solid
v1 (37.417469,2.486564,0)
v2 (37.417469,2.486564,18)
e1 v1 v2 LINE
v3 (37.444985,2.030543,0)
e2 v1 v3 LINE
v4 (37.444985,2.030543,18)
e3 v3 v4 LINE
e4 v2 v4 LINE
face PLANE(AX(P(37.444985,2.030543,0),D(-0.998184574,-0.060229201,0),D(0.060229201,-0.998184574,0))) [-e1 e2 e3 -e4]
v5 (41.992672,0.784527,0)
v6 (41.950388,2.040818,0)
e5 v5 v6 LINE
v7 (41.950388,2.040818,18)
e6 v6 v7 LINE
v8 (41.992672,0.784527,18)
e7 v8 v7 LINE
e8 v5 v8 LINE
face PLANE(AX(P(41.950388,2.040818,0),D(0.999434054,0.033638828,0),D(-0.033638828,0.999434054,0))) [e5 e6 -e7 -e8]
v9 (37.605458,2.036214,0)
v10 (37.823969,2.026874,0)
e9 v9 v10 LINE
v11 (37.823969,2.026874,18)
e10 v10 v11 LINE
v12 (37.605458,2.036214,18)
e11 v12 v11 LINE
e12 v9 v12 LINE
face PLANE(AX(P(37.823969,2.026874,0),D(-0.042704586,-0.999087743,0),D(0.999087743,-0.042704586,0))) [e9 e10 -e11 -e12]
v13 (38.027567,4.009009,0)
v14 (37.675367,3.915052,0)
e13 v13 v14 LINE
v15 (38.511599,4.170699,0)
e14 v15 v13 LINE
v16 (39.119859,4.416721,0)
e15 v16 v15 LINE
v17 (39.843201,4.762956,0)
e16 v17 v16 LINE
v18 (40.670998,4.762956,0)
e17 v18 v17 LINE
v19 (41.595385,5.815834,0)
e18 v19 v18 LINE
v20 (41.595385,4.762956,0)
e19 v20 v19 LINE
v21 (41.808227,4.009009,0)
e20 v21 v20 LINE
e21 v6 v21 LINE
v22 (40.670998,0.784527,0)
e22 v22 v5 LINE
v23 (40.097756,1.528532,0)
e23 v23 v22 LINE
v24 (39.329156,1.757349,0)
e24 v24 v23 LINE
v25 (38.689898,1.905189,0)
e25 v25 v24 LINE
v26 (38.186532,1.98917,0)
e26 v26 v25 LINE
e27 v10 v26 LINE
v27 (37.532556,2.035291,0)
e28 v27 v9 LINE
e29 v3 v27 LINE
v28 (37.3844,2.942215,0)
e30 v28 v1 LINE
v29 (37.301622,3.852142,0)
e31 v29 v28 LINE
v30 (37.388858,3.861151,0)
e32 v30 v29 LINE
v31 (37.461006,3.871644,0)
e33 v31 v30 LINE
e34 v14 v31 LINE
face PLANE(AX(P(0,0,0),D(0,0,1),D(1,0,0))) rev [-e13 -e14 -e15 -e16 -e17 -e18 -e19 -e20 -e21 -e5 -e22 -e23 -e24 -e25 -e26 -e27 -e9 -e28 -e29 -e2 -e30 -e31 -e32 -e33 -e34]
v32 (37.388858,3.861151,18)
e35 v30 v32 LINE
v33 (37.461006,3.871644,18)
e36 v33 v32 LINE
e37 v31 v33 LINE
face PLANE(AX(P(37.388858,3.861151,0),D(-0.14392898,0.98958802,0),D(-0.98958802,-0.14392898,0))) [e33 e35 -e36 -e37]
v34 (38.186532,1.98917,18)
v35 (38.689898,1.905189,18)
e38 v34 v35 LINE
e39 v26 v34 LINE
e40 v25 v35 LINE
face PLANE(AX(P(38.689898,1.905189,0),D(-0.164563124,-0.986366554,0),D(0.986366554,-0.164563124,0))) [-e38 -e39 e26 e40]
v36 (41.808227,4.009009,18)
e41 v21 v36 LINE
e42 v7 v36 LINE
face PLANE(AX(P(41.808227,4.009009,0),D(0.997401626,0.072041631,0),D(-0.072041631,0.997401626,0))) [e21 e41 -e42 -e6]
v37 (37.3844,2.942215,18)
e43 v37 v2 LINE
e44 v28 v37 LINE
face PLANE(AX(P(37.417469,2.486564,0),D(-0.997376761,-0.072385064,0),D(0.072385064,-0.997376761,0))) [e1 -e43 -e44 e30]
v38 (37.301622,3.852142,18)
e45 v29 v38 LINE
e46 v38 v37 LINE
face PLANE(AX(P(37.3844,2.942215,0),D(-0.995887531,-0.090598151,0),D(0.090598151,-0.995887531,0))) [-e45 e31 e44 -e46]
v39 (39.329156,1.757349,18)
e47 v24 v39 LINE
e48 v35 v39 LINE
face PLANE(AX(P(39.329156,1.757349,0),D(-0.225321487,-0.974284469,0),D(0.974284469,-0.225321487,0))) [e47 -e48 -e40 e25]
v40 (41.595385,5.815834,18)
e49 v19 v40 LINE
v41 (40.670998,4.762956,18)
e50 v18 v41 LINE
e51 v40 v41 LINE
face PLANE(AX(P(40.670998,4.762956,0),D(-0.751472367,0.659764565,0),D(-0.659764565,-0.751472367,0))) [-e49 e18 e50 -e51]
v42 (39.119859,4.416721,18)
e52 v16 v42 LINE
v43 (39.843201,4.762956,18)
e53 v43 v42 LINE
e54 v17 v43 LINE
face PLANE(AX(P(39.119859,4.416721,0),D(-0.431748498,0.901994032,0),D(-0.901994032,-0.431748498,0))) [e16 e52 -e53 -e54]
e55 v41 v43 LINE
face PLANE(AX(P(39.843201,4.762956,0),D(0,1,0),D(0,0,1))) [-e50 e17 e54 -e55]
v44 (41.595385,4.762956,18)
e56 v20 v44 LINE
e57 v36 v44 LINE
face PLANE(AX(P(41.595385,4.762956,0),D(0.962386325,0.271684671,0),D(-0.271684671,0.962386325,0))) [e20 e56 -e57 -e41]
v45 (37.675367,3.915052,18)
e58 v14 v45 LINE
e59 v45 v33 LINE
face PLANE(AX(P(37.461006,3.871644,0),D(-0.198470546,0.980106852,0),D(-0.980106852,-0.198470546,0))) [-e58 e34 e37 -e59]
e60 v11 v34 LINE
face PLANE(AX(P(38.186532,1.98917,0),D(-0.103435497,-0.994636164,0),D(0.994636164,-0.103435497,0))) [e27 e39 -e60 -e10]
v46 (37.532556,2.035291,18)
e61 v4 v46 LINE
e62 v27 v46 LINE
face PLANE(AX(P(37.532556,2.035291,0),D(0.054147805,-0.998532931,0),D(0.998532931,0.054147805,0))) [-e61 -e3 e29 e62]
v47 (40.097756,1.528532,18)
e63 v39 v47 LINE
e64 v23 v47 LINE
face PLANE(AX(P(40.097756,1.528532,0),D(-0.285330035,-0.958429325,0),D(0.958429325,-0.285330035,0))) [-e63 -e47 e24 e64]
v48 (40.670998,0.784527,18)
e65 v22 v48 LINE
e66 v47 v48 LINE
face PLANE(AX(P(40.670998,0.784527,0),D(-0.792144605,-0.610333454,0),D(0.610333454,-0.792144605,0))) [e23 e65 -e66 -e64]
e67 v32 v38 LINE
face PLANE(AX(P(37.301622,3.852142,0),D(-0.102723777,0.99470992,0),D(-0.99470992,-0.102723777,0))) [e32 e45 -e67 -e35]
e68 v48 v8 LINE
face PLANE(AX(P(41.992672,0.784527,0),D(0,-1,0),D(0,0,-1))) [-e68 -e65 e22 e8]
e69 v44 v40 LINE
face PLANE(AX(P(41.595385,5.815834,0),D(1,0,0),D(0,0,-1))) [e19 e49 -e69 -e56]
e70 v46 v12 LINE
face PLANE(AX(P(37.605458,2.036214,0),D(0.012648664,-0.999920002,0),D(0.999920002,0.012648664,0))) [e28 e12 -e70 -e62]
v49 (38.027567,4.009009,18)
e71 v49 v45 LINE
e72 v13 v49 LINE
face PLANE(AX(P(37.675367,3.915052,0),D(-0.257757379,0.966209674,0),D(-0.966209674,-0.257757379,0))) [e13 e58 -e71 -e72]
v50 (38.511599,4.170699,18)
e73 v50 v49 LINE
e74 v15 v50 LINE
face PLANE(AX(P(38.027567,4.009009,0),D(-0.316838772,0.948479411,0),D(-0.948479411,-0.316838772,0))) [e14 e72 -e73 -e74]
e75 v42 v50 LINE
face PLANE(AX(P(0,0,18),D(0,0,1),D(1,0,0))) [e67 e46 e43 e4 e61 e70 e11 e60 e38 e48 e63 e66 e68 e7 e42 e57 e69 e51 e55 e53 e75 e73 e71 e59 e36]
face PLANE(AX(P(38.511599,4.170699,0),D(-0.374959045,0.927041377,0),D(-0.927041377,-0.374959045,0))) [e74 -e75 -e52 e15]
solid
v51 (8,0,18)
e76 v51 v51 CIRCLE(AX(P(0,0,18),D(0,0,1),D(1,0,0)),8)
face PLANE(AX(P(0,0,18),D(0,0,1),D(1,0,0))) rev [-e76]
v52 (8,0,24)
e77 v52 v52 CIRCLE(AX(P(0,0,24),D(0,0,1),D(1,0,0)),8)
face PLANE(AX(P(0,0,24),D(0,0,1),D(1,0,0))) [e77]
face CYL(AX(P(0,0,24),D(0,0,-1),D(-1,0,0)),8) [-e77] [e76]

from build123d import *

# Parameters (mm, degrees)
SKETCH_1_R          = 8
EXTRUDE_1_DEPTH     = 24
SKETCH_2_R          = 42
EXTRUDE_2_DEPTH     = 18
SKETCH_3_OUTSIDE_W  = 110.238
SKETCH_3_OUTSIDE_H  = 110.238
CUT_EXTRUDE_1_DEPTH = 63.064482597


with BuildPart() as part:
    # 草图1 → 凸台-拉伸1 (new body)
    with BuildSketch(Plane.XY):
        Circle(SKETCH_1_R)
    extrude(amount=EXTRUDE_1_DEPTH)

    # 草图2 → 凸台-拉伸2 (add)
    with BuildSketch(Plane.XY):
        Circle(SKETCH_2_R)
    extrude(amount=EXTRUDE_2_DEPTH)

    # 草图3 outside → 切除-拉伸1 (cut, through all)
    with BuildSketch(Plane.XY.offset(18)):
        Rectangle(SKETCH_3_OUTSIDE_W, SKETCH_3_OUTSIDE_H)
        Polygon((37.301622014, 3.852141632), (37.388858074, 3.861150507), (37.461006221, 3.871643974), (37.675366655, 3.915051723), (38.027566914, 4.009008778), (38.511598579, 4.17069916), (39.119858589, 4.416721181), (39.843200936, 4.762956257), (40.670998458, 4.762956257), (41.595385312, 5.815833623), (41.595385312, 4.762956257), (41.808227045, 4.009008778), (41.950388094, 2.040818158), (41.992672187, 0.784526971), (40.670998458, 0.784526971), (40.097755581, 1.528532152), (39.329155687, 1.757348851), (38.689898048, 1.905189124), (38.18653167, 1.989169611), (37.823969461, 2.026873652), (37.605457691, 2.036213627), (37.532556268, 2.035291448), (37.44498493, 2.030542685), (37.417469201, 2.486563607), (37.384400063, 2.942215479), align=None, mode=Mode.SUBTRACT)
    extrude(amount=-CUT_EXTRUDE_1_DEPTH, mode=Mode.SUBTRACT)


with BuildPart() as cut_extrude_1_piece_1:
    # of the separate pieces the step leaves, piece 1, a body of its own (cut_extrude_1_pieces)
    add(part.part.solids().sort_by_distance((8, 0, 18))[0])


with BuildPart() as cut_extrude_1_piece_2:
    # of the separate pieces the step leaves, piece 2, a body of its own (cut_extrude_1_pieces)
    add(part.part.solids().sort_by_distance((41.992672187, 0.784526971, 0))[0])


solid = Compound([cut_extrude_1_piece_1.part, cut_extrude_1_piece_2.part])
